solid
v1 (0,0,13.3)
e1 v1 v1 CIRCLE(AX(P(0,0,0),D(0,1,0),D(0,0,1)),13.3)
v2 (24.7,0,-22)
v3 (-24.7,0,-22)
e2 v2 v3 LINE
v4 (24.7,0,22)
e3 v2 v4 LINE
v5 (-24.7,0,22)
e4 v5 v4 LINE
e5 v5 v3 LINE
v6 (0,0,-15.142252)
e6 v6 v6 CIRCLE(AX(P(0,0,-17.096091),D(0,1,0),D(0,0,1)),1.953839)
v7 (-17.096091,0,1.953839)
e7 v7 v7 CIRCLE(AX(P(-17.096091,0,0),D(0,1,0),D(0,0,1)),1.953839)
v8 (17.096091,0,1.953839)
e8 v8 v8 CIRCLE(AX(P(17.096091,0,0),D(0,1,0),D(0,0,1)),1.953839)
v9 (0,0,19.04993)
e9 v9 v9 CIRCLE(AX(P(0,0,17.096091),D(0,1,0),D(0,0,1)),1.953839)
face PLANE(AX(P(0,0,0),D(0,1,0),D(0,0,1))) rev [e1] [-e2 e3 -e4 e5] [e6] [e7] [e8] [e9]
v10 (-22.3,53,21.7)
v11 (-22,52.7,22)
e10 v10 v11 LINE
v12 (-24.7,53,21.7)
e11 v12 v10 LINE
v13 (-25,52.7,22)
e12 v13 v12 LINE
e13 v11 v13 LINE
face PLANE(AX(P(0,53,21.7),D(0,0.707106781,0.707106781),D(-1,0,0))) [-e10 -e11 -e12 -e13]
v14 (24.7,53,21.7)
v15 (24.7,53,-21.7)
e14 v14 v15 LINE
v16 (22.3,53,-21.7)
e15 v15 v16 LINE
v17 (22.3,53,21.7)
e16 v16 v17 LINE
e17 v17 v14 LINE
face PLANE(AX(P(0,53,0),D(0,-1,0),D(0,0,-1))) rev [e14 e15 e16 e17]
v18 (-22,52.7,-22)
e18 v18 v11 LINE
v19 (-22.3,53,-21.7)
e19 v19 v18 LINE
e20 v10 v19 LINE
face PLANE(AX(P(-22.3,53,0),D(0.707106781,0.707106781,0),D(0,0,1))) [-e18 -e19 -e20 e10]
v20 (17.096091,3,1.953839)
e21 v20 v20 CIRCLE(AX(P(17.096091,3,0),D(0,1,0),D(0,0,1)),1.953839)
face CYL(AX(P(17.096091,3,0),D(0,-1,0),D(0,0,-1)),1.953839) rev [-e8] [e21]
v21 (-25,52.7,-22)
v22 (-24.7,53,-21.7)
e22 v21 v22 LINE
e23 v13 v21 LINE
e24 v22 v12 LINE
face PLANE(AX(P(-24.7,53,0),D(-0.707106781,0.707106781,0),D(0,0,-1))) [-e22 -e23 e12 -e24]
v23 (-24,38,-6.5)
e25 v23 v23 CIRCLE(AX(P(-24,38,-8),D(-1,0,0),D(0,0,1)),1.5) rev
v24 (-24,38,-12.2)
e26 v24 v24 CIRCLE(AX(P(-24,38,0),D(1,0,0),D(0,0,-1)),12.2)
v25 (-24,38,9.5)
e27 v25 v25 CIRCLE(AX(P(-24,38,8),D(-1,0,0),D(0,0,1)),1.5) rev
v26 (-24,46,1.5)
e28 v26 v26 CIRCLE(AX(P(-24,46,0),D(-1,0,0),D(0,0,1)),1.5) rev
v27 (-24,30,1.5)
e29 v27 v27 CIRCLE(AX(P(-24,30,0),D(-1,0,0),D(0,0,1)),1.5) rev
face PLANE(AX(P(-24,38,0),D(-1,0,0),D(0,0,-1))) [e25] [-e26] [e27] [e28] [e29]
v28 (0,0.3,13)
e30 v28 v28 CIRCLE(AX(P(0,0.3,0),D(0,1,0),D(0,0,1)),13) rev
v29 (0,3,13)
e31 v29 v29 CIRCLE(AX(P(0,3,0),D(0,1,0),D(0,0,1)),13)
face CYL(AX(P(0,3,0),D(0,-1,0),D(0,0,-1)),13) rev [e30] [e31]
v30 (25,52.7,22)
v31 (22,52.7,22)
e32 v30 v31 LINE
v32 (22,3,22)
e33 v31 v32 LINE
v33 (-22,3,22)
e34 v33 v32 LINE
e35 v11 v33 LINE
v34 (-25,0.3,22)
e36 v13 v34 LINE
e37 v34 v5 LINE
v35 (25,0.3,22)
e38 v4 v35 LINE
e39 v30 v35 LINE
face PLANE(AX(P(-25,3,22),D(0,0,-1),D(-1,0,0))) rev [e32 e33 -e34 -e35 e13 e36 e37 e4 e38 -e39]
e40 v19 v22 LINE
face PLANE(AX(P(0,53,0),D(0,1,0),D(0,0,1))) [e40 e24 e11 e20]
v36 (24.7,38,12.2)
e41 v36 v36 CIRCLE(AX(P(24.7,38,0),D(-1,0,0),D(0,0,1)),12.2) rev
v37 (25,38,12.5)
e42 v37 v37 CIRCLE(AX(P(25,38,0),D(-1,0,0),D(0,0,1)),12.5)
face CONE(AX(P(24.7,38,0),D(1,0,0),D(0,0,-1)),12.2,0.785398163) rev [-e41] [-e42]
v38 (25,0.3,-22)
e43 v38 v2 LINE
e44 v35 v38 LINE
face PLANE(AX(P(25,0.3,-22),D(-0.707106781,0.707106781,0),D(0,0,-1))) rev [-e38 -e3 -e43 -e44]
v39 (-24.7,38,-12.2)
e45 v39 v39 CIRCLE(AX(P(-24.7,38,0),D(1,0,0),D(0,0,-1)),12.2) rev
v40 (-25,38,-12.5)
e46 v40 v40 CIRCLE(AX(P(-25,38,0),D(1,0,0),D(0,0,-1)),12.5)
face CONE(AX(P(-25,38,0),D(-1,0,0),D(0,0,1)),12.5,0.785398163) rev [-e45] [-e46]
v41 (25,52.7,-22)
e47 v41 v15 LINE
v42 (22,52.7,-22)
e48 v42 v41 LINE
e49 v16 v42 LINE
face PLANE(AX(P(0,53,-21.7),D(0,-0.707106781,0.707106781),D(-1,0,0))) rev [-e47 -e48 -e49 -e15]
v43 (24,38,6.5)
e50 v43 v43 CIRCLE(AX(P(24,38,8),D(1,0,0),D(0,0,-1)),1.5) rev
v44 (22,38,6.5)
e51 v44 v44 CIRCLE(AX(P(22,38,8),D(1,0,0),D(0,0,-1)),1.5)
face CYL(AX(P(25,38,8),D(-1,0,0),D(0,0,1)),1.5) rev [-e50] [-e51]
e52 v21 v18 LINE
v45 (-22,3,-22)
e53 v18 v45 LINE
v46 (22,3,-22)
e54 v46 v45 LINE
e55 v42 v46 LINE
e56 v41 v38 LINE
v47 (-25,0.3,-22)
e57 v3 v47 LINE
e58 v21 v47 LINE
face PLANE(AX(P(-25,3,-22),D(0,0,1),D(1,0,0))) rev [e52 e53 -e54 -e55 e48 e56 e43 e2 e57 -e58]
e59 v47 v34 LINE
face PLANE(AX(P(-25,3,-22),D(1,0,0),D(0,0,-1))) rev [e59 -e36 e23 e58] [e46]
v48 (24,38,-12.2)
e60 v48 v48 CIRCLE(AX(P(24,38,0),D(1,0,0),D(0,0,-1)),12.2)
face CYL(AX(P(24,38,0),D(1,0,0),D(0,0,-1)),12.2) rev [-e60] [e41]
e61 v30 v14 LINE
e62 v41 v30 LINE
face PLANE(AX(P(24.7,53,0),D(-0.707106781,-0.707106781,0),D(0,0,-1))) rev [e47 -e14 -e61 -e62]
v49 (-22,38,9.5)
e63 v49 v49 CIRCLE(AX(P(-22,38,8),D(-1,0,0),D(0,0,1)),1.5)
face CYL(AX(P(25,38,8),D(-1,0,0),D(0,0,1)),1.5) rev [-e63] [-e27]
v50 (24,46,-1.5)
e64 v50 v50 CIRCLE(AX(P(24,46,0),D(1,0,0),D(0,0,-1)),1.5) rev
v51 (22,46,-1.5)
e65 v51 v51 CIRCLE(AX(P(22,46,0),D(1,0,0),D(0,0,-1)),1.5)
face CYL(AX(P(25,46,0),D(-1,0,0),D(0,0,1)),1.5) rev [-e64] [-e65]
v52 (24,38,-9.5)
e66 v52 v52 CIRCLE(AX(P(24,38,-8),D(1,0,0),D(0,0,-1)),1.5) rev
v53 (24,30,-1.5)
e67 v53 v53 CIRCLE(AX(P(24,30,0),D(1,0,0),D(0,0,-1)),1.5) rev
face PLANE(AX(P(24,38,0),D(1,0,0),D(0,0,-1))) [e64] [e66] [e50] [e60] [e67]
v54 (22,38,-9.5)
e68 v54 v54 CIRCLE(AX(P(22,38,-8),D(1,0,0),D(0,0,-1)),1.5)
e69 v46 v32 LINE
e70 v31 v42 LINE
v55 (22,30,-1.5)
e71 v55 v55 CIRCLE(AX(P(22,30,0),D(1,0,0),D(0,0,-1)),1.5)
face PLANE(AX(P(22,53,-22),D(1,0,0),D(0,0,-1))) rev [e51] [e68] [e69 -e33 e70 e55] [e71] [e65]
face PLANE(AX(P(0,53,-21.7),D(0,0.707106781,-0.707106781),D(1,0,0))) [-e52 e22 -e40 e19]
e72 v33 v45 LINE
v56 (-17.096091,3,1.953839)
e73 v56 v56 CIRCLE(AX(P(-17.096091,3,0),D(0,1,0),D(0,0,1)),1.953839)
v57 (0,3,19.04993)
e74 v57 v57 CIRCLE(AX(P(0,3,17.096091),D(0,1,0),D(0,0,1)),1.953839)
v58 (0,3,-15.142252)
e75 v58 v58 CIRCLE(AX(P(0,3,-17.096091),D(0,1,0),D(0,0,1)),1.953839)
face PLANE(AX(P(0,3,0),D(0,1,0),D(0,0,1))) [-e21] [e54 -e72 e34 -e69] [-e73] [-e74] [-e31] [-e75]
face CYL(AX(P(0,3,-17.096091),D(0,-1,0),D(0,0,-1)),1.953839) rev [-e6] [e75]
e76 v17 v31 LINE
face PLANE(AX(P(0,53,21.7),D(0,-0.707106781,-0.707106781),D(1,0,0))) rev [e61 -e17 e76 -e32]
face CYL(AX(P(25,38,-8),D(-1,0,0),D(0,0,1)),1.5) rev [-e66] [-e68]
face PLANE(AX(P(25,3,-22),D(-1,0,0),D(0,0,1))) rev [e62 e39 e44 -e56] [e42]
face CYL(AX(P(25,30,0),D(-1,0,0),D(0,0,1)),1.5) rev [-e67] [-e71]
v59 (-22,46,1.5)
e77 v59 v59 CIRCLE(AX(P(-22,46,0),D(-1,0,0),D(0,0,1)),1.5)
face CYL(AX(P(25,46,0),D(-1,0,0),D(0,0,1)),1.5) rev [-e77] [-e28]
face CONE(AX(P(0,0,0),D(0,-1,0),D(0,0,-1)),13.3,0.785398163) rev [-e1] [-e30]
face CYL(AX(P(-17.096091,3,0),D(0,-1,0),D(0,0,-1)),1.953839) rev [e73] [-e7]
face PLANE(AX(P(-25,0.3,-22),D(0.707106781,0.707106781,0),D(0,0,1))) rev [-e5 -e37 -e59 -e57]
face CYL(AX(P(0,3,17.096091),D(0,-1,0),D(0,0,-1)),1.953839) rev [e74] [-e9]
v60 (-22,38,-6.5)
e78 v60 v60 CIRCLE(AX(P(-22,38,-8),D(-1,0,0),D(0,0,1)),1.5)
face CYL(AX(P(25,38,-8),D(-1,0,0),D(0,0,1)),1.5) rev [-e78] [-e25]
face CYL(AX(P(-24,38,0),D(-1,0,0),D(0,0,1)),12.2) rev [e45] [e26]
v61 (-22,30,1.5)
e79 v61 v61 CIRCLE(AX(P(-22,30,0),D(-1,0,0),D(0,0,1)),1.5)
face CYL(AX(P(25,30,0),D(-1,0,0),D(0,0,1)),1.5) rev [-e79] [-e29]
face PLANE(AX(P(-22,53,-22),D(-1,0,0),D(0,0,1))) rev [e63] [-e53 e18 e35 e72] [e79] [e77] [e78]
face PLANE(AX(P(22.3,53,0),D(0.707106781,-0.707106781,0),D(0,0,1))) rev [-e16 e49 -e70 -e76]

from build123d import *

# Parameters (mm, degrees)
SKETCH_1_W          = 50
SKETCH_1_H          = 44
SKETCH_1_R          = 1.953838975
SKETCH_1_R_2        = 13
EXTRUDE_1_DEPTH     = 3
SKETCH_2_W          = 3
SKETCH_2_H          = 44
EXTRUDE_2_DEPTH     = 50
SKETCH_3_R          = 1.5
CUT_EXTRUDE_1_DEPTH = 77.111759932
SKETCH_4_R          = 12.2
CUT_EXTRUDE_2_DEPTH = 1
CHAMFER_1_SIZE      = 0.3


with BuildPart() as part:
    # 草图1 → 凸台-拉伸1 (new body)
    with BuildSketch(Plane(origin=(0, 0, 0), x_dir=(1, 0, 0), z_dir=(0, 1, 0))):
        Rectangle(SKETCH_1_W, SKETCH_1_H)
        with Locations(Location((0, 17.096091033, 0), (0, 0, 270))):
            Circle(SKETCH_1_R, mode=Mode.SUBTRACT)
        with Locations(Location((17.096091033, 0, 0), (0, 0, 270))):
            Circle(SKETCH_1_R, mode=Mode.SUBTRACT)
        with Locations(Location((0, -17.096091033, 0), (0, 0, 270))):
            Circle(SKETCH_1_R, mode=Mode.SUBTRACT)
        with Locations(Location((-17.096091033, 0, 0), (0, 0, 270))):
            Circle(SKETCH_1_R, mode=Mode.SUBTRACT)
        with Locations(Location((0, 0, 0), (0, 0, 270))):
            Circle(SKETCH_1_R_2, mode=Mode.SUBTRACT)
    extrude(amount=EXTRUDE_1_DEPTH)

    # 草图2 → 凸台-拉伸2 (add)
    with BuildSketch(Plane(origin=(0, 3, 0), x_dir=(1, 0, 0), z_dir=(0, 1, 0))):
        with Locations((-23.5, 0)):
            Rectangle(SKETCH_2_W, SKETCH_2_H)
        with Locations((23.5, 0)):
            Rectangle(SKETCH_2_W, SKETCH_2_H)
    extrude(amount=EXTRUDE_2_DEPTH)

    # 草图3 → 切除-拉伸1 (cut, through all)
    with BuildSketch(Plane.ZY.offset(25)):
        with Locations((0, 46)):
            Circle(SKETCH_3_R)
        with Locations((8, 38)):
            Circle(SKETCH_3_R)
        with Locations((0, 30)):
            Circle(SKETCH_3_R)
        with Locations((-8, 38)):
            Circle(SKETCH_3_R)
    extrude(amount=-CUT_EXTRUDE_1_DEPTH, mode=Mode.SUBTRACT)

    # 草图4 → 切除-拉伸2 (cut)
    with BuildSketch(Plane(origin=(25, 0, 0), x_dir=(0, 0, -1), z_dir=(1, 0, 0))):
        with Locations((0, 38)):
            Circle(SKETCH_4_R)
    cut_extrude_2 = extrude(amount=-CUT_EXTRUDE_2_DEPTH, mode=Mode.SUBTRACT)

    # 镜向1: 切除-拉伸2 across plane
    add(cut_extrude_2.mirror(Plane(origin=(0, 0, 0), x_dir=(0, 0, 1), z_dir=(1, 0, 0))), mode=Mode.SUBTRACT)

    # 倒角1
    chamfer_1_edges = [part.edges().sort_by_distance(p)[0] for p in [
        (-25, 38, 12.2),
        (0, 0, -13),
        (-25, 53, 0),
        (-23.5, 53, 22),
        (-22, 53, 0),
        (-23.5, 53, -22),
        (25, 53, 0),
        (23.5, 53, -22),
        (22, 53, 0),
        (23.5, 53, 22),
        (25, 0, 0),
        (-25, 0, 0),
        (25, 38, 12.2),
    ]]
    chamfer(chamfer_1_edges, length=CHAMFER_1_SIZE)


solid = part.part
